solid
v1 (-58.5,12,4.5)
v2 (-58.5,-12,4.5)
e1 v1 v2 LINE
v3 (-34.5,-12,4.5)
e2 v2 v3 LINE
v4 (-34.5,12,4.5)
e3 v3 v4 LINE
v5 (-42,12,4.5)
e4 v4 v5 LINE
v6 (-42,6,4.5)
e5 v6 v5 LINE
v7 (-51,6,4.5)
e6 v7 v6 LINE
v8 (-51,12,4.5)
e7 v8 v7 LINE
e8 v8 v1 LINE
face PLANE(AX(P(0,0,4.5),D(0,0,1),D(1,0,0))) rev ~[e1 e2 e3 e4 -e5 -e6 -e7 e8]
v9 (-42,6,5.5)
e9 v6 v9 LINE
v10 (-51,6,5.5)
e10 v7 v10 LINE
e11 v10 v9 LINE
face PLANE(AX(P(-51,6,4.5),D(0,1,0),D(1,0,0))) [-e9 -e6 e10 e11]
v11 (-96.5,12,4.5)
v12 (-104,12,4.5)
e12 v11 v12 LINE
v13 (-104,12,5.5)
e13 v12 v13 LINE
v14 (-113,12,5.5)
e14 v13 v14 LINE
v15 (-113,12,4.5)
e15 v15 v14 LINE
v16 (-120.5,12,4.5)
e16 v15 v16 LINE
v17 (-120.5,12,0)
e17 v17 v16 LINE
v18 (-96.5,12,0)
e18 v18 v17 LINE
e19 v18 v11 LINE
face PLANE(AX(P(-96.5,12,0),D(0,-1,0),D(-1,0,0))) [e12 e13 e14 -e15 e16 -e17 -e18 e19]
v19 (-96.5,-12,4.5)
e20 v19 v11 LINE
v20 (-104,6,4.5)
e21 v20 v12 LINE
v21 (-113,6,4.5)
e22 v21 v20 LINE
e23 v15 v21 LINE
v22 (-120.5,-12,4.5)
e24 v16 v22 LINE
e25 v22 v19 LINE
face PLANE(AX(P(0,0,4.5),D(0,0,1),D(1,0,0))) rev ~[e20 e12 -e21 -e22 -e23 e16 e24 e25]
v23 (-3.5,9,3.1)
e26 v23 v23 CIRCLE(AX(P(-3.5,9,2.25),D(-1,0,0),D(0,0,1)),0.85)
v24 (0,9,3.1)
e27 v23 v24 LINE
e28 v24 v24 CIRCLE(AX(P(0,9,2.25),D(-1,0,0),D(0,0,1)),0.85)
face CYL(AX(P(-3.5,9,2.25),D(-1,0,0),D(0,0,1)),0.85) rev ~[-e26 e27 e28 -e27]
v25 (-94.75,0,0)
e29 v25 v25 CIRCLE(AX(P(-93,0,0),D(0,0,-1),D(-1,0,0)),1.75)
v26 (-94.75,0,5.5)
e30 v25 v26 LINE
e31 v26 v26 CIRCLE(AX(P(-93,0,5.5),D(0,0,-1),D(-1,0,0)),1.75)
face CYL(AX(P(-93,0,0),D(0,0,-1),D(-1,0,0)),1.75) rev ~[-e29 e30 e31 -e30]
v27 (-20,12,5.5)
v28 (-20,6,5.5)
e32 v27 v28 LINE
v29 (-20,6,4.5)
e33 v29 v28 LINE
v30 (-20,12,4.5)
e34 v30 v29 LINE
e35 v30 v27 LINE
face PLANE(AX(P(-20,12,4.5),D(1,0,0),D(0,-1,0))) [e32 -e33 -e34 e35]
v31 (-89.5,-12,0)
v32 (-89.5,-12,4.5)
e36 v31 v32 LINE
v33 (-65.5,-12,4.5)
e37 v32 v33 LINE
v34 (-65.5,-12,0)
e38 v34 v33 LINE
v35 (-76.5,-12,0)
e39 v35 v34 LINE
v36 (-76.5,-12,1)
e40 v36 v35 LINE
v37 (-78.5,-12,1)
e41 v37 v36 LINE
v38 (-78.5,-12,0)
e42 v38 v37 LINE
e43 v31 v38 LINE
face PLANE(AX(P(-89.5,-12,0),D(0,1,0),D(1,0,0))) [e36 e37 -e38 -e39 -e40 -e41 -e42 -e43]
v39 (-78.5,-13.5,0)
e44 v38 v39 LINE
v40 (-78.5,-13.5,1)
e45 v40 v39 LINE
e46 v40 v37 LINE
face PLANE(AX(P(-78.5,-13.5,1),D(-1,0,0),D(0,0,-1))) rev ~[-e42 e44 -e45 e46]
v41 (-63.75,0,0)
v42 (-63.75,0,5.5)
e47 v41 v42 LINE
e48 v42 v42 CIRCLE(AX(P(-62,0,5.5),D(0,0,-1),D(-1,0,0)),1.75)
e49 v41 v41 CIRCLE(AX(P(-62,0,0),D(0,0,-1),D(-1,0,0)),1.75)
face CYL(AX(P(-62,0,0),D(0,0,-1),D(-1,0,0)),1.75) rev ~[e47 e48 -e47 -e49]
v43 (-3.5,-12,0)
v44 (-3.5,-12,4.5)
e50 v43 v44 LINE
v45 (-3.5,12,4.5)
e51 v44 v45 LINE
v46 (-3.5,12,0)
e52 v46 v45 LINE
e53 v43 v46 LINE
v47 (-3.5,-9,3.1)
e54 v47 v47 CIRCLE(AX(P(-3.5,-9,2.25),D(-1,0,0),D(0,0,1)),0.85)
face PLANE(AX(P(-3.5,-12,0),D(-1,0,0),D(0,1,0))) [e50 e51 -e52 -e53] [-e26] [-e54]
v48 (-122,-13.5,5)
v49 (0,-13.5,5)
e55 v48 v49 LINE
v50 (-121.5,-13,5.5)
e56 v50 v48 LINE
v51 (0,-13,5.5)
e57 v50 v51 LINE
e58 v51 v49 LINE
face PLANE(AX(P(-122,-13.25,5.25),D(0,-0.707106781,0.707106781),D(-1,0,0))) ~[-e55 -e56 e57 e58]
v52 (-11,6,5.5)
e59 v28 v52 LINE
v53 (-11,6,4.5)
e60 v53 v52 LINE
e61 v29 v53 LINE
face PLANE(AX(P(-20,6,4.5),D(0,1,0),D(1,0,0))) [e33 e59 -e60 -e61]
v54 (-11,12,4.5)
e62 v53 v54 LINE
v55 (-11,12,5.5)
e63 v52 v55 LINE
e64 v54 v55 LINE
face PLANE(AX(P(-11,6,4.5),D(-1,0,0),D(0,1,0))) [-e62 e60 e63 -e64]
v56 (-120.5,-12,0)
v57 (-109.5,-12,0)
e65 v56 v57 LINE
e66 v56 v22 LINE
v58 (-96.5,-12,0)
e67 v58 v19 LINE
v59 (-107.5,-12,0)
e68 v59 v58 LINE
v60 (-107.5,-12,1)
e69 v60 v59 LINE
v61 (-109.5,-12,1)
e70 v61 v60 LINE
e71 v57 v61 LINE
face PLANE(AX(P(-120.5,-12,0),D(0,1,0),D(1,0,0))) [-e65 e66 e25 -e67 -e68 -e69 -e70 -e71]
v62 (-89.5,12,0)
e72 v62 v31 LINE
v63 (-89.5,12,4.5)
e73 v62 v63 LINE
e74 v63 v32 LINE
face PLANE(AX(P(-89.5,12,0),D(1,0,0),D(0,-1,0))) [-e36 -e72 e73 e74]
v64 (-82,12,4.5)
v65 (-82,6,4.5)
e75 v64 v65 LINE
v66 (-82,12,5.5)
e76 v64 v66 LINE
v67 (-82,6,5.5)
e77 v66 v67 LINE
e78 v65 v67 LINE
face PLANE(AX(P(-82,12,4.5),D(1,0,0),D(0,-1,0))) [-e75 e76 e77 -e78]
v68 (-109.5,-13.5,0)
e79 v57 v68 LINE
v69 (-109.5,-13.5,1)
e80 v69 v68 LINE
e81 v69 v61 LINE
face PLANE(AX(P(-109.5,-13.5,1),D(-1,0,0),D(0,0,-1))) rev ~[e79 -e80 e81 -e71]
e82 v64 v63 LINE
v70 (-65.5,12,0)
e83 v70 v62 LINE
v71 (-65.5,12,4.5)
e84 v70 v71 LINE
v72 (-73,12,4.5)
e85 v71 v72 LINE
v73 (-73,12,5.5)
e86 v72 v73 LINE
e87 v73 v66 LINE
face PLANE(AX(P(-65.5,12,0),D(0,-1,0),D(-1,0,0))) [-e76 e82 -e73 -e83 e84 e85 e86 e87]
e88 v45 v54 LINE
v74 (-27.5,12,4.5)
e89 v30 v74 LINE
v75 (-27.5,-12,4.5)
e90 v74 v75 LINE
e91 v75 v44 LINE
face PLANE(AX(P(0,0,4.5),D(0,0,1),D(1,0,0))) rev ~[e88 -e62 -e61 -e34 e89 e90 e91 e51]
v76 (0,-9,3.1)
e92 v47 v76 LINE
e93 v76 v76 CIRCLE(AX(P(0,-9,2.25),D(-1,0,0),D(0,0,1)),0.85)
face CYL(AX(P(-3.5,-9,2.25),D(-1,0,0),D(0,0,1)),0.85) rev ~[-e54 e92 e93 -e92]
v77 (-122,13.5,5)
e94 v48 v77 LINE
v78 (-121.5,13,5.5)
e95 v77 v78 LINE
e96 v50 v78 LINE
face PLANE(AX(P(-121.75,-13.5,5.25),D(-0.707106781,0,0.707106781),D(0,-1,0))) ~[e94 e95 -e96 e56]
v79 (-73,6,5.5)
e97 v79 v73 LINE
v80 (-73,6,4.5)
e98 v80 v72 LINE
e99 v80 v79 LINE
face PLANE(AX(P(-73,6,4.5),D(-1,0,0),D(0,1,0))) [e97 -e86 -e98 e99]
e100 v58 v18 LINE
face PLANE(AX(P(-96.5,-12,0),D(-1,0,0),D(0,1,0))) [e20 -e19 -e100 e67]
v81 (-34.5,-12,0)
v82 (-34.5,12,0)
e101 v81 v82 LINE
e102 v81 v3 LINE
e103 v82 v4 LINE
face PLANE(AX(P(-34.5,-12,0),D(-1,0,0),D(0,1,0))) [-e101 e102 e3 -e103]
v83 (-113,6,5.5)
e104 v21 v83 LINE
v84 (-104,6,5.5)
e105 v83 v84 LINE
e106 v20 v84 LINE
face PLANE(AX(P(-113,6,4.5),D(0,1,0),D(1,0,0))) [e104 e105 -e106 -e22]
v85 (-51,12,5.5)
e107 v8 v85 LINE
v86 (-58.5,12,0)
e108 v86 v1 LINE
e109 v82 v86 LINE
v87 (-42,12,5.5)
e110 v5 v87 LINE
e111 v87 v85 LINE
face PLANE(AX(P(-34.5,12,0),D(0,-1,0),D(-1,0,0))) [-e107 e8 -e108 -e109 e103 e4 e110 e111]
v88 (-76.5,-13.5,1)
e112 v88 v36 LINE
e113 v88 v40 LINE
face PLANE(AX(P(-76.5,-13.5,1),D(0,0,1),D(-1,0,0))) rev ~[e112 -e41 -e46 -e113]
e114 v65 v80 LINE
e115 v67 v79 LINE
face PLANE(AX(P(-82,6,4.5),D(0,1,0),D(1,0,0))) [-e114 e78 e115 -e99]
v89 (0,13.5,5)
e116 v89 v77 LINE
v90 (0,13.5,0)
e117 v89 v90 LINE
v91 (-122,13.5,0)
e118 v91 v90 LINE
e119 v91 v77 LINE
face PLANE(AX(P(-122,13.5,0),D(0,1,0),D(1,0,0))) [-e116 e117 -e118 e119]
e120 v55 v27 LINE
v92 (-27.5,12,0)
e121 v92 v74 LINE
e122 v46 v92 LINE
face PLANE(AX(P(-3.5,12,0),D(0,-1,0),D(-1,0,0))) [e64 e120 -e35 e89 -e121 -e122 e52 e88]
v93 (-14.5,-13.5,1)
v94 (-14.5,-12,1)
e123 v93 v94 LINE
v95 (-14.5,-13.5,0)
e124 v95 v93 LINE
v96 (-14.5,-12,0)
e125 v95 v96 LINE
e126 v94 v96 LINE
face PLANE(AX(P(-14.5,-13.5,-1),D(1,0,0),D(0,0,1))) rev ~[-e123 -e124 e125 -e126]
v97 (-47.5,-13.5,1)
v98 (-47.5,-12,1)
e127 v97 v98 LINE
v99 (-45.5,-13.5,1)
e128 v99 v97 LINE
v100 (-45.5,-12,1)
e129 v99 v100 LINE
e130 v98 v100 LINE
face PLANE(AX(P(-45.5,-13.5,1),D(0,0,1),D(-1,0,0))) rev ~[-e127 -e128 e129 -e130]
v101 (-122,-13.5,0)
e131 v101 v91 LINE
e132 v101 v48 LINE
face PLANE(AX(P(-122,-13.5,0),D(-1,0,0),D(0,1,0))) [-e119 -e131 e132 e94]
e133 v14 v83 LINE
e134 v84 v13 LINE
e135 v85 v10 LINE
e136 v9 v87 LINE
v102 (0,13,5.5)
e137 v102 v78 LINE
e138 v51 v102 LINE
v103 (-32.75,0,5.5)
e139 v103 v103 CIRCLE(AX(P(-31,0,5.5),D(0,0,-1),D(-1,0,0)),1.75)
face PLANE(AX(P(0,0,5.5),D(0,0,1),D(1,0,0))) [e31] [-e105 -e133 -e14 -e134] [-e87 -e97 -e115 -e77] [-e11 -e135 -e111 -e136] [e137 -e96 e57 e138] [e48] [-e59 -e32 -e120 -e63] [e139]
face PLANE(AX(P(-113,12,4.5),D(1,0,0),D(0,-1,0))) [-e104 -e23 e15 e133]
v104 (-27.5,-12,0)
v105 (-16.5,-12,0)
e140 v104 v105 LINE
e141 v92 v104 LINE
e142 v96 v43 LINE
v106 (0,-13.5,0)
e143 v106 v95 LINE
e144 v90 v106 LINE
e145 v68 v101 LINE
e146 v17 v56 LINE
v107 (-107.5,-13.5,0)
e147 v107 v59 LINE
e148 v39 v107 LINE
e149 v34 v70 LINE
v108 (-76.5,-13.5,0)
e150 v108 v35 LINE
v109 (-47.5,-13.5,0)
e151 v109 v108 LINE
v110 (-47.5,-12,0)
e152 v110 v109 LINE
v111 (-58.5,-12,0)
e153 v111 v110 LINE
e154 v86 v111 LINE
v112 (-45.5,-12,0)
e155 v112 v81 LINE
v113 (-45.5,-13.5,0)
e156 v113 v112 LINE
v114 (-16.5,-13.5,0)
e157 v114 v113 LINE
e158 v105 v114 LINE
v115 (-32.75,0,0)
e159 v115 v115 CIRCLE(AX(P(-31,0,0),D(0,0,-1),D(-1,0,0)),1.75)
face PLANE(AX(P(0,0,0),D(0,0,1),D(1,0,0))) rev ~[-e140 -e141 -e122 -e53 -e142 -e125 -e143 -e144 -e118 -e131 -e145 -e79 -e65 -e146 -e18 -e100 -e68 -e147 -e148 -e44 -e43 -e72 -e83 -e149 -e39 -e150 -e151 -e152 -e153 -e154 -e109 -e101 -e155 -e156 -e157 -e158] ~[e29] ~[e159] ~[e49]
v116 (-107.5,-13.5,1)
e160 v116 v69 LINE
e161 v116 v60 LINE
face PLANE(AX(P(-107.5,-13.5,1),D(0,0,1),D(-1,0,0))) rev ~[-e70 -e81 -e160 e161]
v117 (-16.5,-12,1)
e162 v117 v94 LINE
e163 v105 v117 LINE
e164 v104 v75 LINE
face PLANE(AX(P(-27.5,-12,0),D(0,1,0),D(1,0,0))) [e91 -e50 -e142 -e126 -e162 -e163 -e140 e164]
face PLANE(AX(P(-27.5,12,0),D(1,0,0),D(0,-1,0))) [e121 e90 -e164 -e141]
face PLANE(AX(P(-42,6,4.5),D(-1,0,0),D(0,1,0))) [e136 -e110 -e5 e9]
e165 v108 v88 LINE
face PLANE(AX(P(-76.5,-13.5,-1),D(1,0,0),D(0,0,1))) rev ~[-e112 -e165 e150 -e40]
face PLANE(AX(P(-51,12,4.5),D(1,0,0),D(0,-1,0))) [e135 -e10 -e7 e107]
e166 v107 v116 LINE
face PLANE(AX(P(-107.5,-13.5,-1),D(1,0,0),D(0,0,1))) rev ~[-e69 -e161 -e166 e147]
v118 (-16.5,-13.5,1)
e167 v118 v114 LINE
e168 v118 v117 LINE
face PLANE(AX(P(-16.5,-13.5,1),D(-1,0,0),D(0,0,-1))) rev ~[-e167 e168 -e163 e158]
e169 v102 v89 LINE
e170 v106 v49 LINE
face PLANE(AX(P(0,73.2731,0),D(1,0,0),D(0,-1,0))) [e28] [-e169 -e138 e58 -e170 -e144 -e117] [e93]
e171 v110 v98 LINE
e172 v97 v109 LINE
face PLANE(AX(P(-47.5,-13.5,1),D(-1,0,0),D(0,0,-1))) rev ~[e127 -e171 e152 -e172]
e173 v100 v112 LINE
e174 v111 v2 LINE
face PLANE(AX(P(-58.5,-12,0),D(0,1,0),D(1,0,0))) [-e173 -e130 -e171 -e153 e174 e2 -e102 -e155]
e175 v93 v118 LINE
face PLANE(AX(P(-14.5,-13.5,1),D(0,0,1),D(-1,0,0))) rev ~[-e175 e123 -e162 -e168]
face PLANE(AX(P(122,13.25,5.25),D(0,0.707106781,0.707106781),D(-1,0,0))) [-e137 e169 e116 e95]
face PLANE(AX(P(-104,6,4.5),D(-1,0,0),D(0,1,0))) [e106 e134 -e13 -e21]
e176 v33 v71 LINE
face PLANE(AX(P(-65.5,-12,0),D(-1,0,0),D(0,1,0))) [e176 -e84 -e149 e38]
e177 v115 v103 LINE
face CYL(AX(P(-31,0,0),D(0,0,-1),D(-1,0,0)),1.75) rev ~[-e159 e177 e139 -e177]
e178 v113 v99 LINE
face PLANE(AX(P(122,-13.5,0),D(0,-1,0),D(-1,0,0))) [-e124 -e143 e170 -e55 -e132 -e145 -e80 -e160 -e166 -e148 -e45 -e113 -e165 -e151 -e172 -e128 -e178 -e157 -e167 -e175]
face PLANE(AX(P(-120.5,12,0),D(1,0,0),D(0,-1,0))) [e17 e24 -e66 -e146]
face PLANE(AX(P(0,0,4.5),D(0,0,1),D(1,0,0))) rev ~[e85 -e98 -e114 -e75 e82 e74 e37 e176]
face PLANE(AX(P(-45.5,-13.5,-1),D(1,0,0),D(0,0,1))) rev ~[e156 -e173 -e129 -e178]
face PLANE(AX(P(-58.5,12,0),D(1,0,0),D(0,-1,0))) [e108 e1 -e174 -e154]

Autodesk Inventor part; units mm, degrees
ref_plane "YZ Plane" through (0, 0, 0) normal (1, 0, 0) x (0, 1, 0)
ref_plane "XZ Plane" through (0, 0, 0) normal (0, 1, 0) x (-1, 0, 0)
ref_plane "XY Plane" through (0, 0, 0) normal (0, 0, 1) x (1, 0, 0)
sketch "Sketch1" plane through (0, 0, 0) normal (0, 0, 1) x (1, 0, 0)
  line L0 (-122, 13.5) -> (122, 13.5)
  line L1 (122, 13.5) -> (122, -13.5)
  line L2 (122, -13.5) -> (-122, -13.5)
  line L3 (-122, -13.5) -> (-122, 13.5)
  line L4 (-122, 13.5) -> (122, -13.5) construction
  line L5 (122, 13.5) -> (-122, -13.5) construction
  line L6 (-120.5, -12) -> (-96.5, -12)
  line L7 (-96.5, -12) -> (-96.5, 12)
  line L8 (-96.5, 12) -> (-120.5, 12)
  line L9 (-120.5, 12) -> (-120.5, -12)
  line L10 (-120.5, -12) -> (-96.5, 12) construction
  line L11 (-96.5, -12) -> (-120.5, 12) construction
  line L12 (-122, 0) -> (-108.5, 0) construction
  line L13 (-89.5, -12) -> (-65.5, -12)
  line L14 (-65.5, -12) -> (-65.5, 12)
  line L15 (-65.5, 12) -> (-89.5, 12)
  line L16 (-89.5, 12) -> (-89.5, -12)
  line L17 (-89.5, -12) -> (-65.5, 12) construction
  line L18 (-65.5, -12) -> (-89.5, 12) construction
  line L19 (-58.5, -12) -> (-34.5, -12)
  line L20 (-34.5, -12) -> (-34.5, 12)
  line L21 (-34.5, 12) -> (-58.5, 12)
  line L22 (-58.5, 12) -> (-58.5, -12)
  line L23 (-58.5, -12) -> (-34.5, 12) construction
  line L24 (-34.5, -12) -> (-58.5, 12) construction
  line L25 (-27.5, -12) -> (-3.5, -12)
  line L26 (-3.5, -12) -> (-3.5, 12)
  line L27 (-3.5, 12) -> (-27.5, 12)
  line L28 (-27.5, 12) -> (-27.5, -12)
  line L29 (-27.5, -12) -> (-3.5, 12) construction
  line L30 (-3.5, -12) -> (-27.5, 12) construction
  line L31 (3.5, -12) -> (27.5, -12)
  line L32 (27.5, -12) -> (27.5, 12)
  line L33 (27.5, 12) -> (3.5, 12)
  line L34 (3.5, 12) -> (3.5, -12)
  line L35 (3.5, -12) -> (27.5, 12) construction
  line L36 (27.5, -12) -> (3.5, 12) construction
  line L37 (34.5, -12) -> (58.5, -12)
  line L38 (58.5, -12) -> (58.5, 12)
  line L39 (58.5, 12) -> (34.5, 12)
  line L40 (34.5, 12) -> (34.5, -12)
  line L41 (34.5, -12) -> (58.5, 12) construction
  line L42 (58.5, -12) -> (34.5, 12) construction
  line L43 (65.5, -12) -> (89.5, -12)
  line L44 (89.5, -12) -> (89.5, 12)
  line L45 (89.5, 12) -> (65.5, 12)
  line L46 (65.5, 12) -> (65.5, -12)
  line L47 (65.5, -12) -> (89.5, 12) construction
  line L48 (89.5, -12) -> (65.5, 12) construction
  line L49 (96.5, -12) -> (120.5, -12)
  line L50 (120.5, -12) -> (120.5, 12)
  line L51 (120.5, 12) -> (96.5, 12)
  line L52 (96.5, 12) -> (96.5, -12)
  line L53 (96.5, -12) -> (120.5, 12) construction
  line L54 (120.5, -12) -> (96.5, 12) construction
  point P0 (0, 0)
  point P1 (-77.5, 0)
  point P2 (-46.5, 0)
  point P3 (-15.5, 0)
  point P4 (15.5, 0)
  point P5 (46.5, 0)
  point P6 (77.5, 0)
  point P7 (108.5, 0)
  dimension "d2" = 24
  dimension "d3" = 24
  dimension "d6" = 31
  dimension "d11" = 7
  dimension "d12" = 1.5
  dimension "d13" = 1.5
  dimension "d14" = 1.5
extrude "Extrusion1" add sketch "Sketch1" along normal blind 4.5
sketch "Sketch2" plane through (0, 0, 4.5) normal (0, 0, 1) x (1, 0, 0)
  line L0 (-120.5, 12) -> (-96.5, 12) construction
  line L1 (-113, 6) -> (-104, 6)
  line L2 (-104, 6) -> (-104, 12)
  line L3 (-104, 12) -> (-113, 12)
  line L4 (-113, 12) -> (-113, 6)
  line L5 (-113, 6) -> (-104, 12) construction
  line L6 (-104, 6) -> (-113, 12) construction
  line L7 (-108.5, 12) -> (-108.5, 9) construction
  line L8 (122, 13.5) -> (-122, 13.5) projected
  line L9 (-122, -13.5) -> (122, -13.5) projected
  line L10 (-122, 13.5) -> (122, 13.5)
  line L11 (122, 13.5) -> (122, -13.5)
  line L12 (122, -13.5) -> (-122, -13.5)
  line L13 (-122, -13.5) -> (-122, 13.5)
  line L14 (-82, 6) -> (-73, 6)
  line L15 (-73, 6) -> (-73, 12)
  line L16 (-73, 12) -> (-82, 12)
  line L17 (-82, 12) -> (-82, 6)
  line L18 (-82, 6) -> (-73, 12) construction
  line L19 (-73, 6) -> (-82, 12) construction
  line L20 (-77.5, 12) -> (-77.5, 9) construction
  line L21 (-51, 6) -> (-42, 6)
  line L22 (-42, 6) -> (-42, 12)
  line L23 (-42, 12) -> (-51, 12)
  line L24 (-51, 12) -> (-51, 6)
  line L25 (-51, 6) -> (-42, 12) construction
  line L26 (-42, 6) -> (-51, 12) construction
  line L27 (-46.5, 12) -> (-46.5, 9) construction
  line L28 (-20, 6) -> (-11, 6)
  line L29 (-11, 6) -> (-11, 12)
  line L30 (-11, 12) -> (-20, 12)
  line L31 (-20, 12) -> (-20, 6)
  line L32 (-20, 6) -> (-11, 12) construction
  line L33 (-11, 6) -> (-20, 12) construction
  line L34 (-15.5, 12) -> (-15.5, 9) construction
  line L35 (11, 6) -> (20, 6)
  line L36 (20, 6) -> (20, 12)
  line L37 (20, 12) -> (11, 12)
  line L38 (11, 12) -> (11, 6)
  line L39 (11, 6) -> (20, 12) construction
  line L40 (20, 6) -> (11, 12) construction
  line L41 (15.5, 12) -> (15.5, 9) construction
  line L42 (42, 6) -> (51, 6)
  line L43 (51, 6) -> (51, 12)
  line L44 (51, 12) -> (42, 12)
  line L45 (42, 12) -> (42, 6)
  line L46 (42, 6) -> (51, 12) construction
  line L47 (51, 6) -> (42, 12) construction
  line L48 (46.5, 12) -> (46.5, 9) construction
  line L49 (73, 6) -> (82, 6)
  line L50 (82, 6) -> (82, 12)
  line L51 (82, 12) -> (73, 12)
  line L52 (73, 12) -> (73, 6)
  line L53 (73, 6) -> (82, 12) construction
  line L54 (82, 6) -> (73, 12) construction
  line L55 (77.5, 12) -> (77.5, 9) construction
  line L56 (104, 6) -> (113, 6)
  line L57 (113, 6) -> (113, 12)
  line L58 (113, 12) -> (104, 12)
  line L59 (104, 12) -> (104, 6)
  line L60 (104, 6) -> (113, 12) construction
  line L61 (113, 6) -> (104, 12) construction
  line L62 (108.5, 12) -> (108.5, 9) construction
  line L63 (-89.5, 12) -> (-65.5, 12) construction
  line L64 (-89.5, 12) -> (-65.5, 12) construction
  point P0 (0, 0)
  dimension "d17" = 6
  dimension "d18" = 9
  dimension "d21" = 31
extrude "Extrusion2" add sketch "Sketch2" along normal blind 1
sketch "Sketch3" plane through (0, 0, 0) normal (0, 0, -1) x (-1, 0, 0)
  line L0 (-96.5, -12) -> (-96.5, 12) projected
  line L1 (-96.5, 0) -> (-89.5, 0) construction
  line L2 (-89.5, 12) -> (-89.5, -12) projected
  circle A0 centre (-93, 0) radius 1.75
  line L3 (-65.5, -12) -> (-65.5, 12) projected
  line L4 (-65.5, 0) -> (-58.5, 0) construction
  line L5 (-58.5, 12) -> (-58.5, -12) projected
  circle A1 centre (-62, 0) radius 1.75
  circle A2 centre (-31, 0) radius 1.75
  circle A3 centre (0, 0) radius 1.75
  circle A4 centre (31, 0) radius 1.75
  circle A5 centre (62, 0) radius 1.75
  circle A6 centre (93, 0) radius 1.75
  point P0 (0, 0)
  dimension "d28" = 3.5
  dimension "d31" = 31
extrude "Extrusion3" cut sketch "Sketch3" against normal through all contours A0 | A1 | A2 | A4 | A5 | A6
sketch "Sketch4" plane through (-122, -13.5, 0) normal (0, -1, 0) x (1, 0, 0)
  line L0 (242.5, 0) -> (218.5, 0) projected
  line L1 (211.5, 0) -> (187.5, 0) projected
  line L2 (231.5, 1) -> (229.5, 1)
  line L3 (229.5, 1) -> (229.5, -1)
  line L4 (229.5, -1) -> (231.5, -1)
  line L5 (231.5, -1) -> (231.5, 1)
  line L6 (231.5, 1) -> (229.5, -1) construction
  line L7 (229.5, 1) -> (231.5, -1) construction
  line L8 (200.5, 1) -> (198.5, 1)
  line L9 (198.5, 1) -> (198.5, -1)
  line L10 (198.5, -1) -> (200.5, -1)
  line L11 (200.5, -1) -> (200.5, 1)
  line L12 (200.5, 1) -> (198.5, -1) construction
  line L13 (198.5, 1) -> (200.5, -1) construction
  line L14 (169.5, 1) -> (167.5, 1)
  line L15 (167.5, 1) -> (167.5, -1)
  line L16 (167.5, -1) -> (169.5, -1)
  line L17 (169.5, -1) -> (169.5, 1)
  line L18 (169.5, 1) -> (167.5, -1) construction
  line L19 (167.5, 1) -> (169.5, -1) construction
  line L20 (138.5, 1) -> (136.5, 1)
  line L21 (136.5, 1) -> (136.5, -1)
  line L22 (136.5, -1) -> (138.5, -1)
  line L23 (138.5, -1) -> (138.5, 1)
  line L24 (138.5, 1) -> (136.5, -1) construction
  line L25 (136.5, 1) -> (138.5, -1) construction
  line L26 (107.5, 1) -> (105.5, 1)
  line L27 (105.5, 1) -> (105.5, -1)
  line L28 (105.5, -1) -> (107.5, -1)
  line L29 (107.5, -1) -> (107.5, 1)
  line L30 (107.5, 1) -> (105.5, -1) construction
  line L31 (105.5, 1) -> (107.5, -1) construction
  line L32 (76.5, 1) -> (74.5, 1)
  line L33 (74.5, 1) -> (74.5, -1)
  line L34 (74.5, -1) -> (76.5, -1)
  line L35 (76.5, -1) -> (76.5, 1)
  line L36 (76.5, 1) -> (74.5, -1) construction
  line L37 (74.5, 1) -> (76.5, -1) construction
  line L38 (45.5, 1) -> (43.5, 1)
  line L39 (43.5, 1) -> (43.5, -1)
  line L40 (43.5, -1) -> (45.5, -1)
  line L41 (45.5, -1) -> (45.5, 1)
  line L42 (45.5, 1) -> (43.5, -1) construction
  line L43 (43.5, 1) -> (45.5, -1) construction
  line L44 (14.5, 1) -> (12.5, 1)
  line L45 (12.5, 1) -> (12.5, -1)
  line L46 (12.5, -1) -> (14.5, -1)
  line L47 (14.5, -1) -> (14.5, 1)
  line L48 (14.5, 1) -> (12.5, -1) construction
  line L49 (12.5, 1) -> (14.5, -1) construction
  point P0 (122, 0)
  point P1 (230.5, 0)
  point P2 (199.5, 0)
  point P3 (168.5, 0)
  point P4 (137.5, 0)
  point P5 (106.5, 0)
  point P6 (75.5, 0)
  point P7 (44.5, 0)
  point P8 (13.5, 0)
  dimension "d40" = 31
  dimension "d45" = 1
  dimension "d46" = 2
extrude "Extrusion4" cut sketch "Sketch4" against normal blind 4.5
sketch "Sketch5" plane through (-3.5, -12, 0) normal (-1, 0, 0) x (0, 0, 1)
  line L0 (0, 0) -> (4.5, 0) projected
  line L1 (2.25, 0) -> (2.25, 24) construction
  line L2 (0, 24) -> (4.5, 24) projected
  circle A0 centre (2.25, 3) radius 0.85
  circle A1 centre (2.25, 21) radius 0.85
  point P0 (0, 12)
  dimension "d49" = 1.7
  dimension "d50" = 3
  dimension "d51" = 3
extrude "Extrusion5" cut sketch "Sketch5" against normal up to surface (7 mm away)
chamfer "Chamfer1" distance 0.5 angle 45 4 edges at (0, -13.5, 5.5) (122, 0, 5.5) (0, 13.5, 5.5) (-122, 0, 5.5)
sketch "Sketch7" plane through (0, 0, 0) normal (0, 0, -1) x (-1, 0, 0)
  line L0 (-167.9022, 73.2731) -> (0, 73.2731)
  line L1 (0, 73.2731) -> (0, -62.2269)
  line L2 (0, -62.2269) -> (-167.9022, -62.2269)
  line L3 (-167.9022, -62.2269) -> (-167.9022, 73.2731)
  line L4 (0, 73.2731) -> (150.1362, 73.2731)
  line L5 (150.1362, 73.2731) -> (150.1362, -62.2269)
  line L6 (150.1362, -62.2269) -> (0, -62.2269)
  line L7 (0, -62.2269) -> (0, 73.2731)
  point P0 (0, 0)
extrude "Extrusion7" cut sketch "Sketch7" against normal through all contours L0 L1 L2 L3
properties part number "SensorHolder"
